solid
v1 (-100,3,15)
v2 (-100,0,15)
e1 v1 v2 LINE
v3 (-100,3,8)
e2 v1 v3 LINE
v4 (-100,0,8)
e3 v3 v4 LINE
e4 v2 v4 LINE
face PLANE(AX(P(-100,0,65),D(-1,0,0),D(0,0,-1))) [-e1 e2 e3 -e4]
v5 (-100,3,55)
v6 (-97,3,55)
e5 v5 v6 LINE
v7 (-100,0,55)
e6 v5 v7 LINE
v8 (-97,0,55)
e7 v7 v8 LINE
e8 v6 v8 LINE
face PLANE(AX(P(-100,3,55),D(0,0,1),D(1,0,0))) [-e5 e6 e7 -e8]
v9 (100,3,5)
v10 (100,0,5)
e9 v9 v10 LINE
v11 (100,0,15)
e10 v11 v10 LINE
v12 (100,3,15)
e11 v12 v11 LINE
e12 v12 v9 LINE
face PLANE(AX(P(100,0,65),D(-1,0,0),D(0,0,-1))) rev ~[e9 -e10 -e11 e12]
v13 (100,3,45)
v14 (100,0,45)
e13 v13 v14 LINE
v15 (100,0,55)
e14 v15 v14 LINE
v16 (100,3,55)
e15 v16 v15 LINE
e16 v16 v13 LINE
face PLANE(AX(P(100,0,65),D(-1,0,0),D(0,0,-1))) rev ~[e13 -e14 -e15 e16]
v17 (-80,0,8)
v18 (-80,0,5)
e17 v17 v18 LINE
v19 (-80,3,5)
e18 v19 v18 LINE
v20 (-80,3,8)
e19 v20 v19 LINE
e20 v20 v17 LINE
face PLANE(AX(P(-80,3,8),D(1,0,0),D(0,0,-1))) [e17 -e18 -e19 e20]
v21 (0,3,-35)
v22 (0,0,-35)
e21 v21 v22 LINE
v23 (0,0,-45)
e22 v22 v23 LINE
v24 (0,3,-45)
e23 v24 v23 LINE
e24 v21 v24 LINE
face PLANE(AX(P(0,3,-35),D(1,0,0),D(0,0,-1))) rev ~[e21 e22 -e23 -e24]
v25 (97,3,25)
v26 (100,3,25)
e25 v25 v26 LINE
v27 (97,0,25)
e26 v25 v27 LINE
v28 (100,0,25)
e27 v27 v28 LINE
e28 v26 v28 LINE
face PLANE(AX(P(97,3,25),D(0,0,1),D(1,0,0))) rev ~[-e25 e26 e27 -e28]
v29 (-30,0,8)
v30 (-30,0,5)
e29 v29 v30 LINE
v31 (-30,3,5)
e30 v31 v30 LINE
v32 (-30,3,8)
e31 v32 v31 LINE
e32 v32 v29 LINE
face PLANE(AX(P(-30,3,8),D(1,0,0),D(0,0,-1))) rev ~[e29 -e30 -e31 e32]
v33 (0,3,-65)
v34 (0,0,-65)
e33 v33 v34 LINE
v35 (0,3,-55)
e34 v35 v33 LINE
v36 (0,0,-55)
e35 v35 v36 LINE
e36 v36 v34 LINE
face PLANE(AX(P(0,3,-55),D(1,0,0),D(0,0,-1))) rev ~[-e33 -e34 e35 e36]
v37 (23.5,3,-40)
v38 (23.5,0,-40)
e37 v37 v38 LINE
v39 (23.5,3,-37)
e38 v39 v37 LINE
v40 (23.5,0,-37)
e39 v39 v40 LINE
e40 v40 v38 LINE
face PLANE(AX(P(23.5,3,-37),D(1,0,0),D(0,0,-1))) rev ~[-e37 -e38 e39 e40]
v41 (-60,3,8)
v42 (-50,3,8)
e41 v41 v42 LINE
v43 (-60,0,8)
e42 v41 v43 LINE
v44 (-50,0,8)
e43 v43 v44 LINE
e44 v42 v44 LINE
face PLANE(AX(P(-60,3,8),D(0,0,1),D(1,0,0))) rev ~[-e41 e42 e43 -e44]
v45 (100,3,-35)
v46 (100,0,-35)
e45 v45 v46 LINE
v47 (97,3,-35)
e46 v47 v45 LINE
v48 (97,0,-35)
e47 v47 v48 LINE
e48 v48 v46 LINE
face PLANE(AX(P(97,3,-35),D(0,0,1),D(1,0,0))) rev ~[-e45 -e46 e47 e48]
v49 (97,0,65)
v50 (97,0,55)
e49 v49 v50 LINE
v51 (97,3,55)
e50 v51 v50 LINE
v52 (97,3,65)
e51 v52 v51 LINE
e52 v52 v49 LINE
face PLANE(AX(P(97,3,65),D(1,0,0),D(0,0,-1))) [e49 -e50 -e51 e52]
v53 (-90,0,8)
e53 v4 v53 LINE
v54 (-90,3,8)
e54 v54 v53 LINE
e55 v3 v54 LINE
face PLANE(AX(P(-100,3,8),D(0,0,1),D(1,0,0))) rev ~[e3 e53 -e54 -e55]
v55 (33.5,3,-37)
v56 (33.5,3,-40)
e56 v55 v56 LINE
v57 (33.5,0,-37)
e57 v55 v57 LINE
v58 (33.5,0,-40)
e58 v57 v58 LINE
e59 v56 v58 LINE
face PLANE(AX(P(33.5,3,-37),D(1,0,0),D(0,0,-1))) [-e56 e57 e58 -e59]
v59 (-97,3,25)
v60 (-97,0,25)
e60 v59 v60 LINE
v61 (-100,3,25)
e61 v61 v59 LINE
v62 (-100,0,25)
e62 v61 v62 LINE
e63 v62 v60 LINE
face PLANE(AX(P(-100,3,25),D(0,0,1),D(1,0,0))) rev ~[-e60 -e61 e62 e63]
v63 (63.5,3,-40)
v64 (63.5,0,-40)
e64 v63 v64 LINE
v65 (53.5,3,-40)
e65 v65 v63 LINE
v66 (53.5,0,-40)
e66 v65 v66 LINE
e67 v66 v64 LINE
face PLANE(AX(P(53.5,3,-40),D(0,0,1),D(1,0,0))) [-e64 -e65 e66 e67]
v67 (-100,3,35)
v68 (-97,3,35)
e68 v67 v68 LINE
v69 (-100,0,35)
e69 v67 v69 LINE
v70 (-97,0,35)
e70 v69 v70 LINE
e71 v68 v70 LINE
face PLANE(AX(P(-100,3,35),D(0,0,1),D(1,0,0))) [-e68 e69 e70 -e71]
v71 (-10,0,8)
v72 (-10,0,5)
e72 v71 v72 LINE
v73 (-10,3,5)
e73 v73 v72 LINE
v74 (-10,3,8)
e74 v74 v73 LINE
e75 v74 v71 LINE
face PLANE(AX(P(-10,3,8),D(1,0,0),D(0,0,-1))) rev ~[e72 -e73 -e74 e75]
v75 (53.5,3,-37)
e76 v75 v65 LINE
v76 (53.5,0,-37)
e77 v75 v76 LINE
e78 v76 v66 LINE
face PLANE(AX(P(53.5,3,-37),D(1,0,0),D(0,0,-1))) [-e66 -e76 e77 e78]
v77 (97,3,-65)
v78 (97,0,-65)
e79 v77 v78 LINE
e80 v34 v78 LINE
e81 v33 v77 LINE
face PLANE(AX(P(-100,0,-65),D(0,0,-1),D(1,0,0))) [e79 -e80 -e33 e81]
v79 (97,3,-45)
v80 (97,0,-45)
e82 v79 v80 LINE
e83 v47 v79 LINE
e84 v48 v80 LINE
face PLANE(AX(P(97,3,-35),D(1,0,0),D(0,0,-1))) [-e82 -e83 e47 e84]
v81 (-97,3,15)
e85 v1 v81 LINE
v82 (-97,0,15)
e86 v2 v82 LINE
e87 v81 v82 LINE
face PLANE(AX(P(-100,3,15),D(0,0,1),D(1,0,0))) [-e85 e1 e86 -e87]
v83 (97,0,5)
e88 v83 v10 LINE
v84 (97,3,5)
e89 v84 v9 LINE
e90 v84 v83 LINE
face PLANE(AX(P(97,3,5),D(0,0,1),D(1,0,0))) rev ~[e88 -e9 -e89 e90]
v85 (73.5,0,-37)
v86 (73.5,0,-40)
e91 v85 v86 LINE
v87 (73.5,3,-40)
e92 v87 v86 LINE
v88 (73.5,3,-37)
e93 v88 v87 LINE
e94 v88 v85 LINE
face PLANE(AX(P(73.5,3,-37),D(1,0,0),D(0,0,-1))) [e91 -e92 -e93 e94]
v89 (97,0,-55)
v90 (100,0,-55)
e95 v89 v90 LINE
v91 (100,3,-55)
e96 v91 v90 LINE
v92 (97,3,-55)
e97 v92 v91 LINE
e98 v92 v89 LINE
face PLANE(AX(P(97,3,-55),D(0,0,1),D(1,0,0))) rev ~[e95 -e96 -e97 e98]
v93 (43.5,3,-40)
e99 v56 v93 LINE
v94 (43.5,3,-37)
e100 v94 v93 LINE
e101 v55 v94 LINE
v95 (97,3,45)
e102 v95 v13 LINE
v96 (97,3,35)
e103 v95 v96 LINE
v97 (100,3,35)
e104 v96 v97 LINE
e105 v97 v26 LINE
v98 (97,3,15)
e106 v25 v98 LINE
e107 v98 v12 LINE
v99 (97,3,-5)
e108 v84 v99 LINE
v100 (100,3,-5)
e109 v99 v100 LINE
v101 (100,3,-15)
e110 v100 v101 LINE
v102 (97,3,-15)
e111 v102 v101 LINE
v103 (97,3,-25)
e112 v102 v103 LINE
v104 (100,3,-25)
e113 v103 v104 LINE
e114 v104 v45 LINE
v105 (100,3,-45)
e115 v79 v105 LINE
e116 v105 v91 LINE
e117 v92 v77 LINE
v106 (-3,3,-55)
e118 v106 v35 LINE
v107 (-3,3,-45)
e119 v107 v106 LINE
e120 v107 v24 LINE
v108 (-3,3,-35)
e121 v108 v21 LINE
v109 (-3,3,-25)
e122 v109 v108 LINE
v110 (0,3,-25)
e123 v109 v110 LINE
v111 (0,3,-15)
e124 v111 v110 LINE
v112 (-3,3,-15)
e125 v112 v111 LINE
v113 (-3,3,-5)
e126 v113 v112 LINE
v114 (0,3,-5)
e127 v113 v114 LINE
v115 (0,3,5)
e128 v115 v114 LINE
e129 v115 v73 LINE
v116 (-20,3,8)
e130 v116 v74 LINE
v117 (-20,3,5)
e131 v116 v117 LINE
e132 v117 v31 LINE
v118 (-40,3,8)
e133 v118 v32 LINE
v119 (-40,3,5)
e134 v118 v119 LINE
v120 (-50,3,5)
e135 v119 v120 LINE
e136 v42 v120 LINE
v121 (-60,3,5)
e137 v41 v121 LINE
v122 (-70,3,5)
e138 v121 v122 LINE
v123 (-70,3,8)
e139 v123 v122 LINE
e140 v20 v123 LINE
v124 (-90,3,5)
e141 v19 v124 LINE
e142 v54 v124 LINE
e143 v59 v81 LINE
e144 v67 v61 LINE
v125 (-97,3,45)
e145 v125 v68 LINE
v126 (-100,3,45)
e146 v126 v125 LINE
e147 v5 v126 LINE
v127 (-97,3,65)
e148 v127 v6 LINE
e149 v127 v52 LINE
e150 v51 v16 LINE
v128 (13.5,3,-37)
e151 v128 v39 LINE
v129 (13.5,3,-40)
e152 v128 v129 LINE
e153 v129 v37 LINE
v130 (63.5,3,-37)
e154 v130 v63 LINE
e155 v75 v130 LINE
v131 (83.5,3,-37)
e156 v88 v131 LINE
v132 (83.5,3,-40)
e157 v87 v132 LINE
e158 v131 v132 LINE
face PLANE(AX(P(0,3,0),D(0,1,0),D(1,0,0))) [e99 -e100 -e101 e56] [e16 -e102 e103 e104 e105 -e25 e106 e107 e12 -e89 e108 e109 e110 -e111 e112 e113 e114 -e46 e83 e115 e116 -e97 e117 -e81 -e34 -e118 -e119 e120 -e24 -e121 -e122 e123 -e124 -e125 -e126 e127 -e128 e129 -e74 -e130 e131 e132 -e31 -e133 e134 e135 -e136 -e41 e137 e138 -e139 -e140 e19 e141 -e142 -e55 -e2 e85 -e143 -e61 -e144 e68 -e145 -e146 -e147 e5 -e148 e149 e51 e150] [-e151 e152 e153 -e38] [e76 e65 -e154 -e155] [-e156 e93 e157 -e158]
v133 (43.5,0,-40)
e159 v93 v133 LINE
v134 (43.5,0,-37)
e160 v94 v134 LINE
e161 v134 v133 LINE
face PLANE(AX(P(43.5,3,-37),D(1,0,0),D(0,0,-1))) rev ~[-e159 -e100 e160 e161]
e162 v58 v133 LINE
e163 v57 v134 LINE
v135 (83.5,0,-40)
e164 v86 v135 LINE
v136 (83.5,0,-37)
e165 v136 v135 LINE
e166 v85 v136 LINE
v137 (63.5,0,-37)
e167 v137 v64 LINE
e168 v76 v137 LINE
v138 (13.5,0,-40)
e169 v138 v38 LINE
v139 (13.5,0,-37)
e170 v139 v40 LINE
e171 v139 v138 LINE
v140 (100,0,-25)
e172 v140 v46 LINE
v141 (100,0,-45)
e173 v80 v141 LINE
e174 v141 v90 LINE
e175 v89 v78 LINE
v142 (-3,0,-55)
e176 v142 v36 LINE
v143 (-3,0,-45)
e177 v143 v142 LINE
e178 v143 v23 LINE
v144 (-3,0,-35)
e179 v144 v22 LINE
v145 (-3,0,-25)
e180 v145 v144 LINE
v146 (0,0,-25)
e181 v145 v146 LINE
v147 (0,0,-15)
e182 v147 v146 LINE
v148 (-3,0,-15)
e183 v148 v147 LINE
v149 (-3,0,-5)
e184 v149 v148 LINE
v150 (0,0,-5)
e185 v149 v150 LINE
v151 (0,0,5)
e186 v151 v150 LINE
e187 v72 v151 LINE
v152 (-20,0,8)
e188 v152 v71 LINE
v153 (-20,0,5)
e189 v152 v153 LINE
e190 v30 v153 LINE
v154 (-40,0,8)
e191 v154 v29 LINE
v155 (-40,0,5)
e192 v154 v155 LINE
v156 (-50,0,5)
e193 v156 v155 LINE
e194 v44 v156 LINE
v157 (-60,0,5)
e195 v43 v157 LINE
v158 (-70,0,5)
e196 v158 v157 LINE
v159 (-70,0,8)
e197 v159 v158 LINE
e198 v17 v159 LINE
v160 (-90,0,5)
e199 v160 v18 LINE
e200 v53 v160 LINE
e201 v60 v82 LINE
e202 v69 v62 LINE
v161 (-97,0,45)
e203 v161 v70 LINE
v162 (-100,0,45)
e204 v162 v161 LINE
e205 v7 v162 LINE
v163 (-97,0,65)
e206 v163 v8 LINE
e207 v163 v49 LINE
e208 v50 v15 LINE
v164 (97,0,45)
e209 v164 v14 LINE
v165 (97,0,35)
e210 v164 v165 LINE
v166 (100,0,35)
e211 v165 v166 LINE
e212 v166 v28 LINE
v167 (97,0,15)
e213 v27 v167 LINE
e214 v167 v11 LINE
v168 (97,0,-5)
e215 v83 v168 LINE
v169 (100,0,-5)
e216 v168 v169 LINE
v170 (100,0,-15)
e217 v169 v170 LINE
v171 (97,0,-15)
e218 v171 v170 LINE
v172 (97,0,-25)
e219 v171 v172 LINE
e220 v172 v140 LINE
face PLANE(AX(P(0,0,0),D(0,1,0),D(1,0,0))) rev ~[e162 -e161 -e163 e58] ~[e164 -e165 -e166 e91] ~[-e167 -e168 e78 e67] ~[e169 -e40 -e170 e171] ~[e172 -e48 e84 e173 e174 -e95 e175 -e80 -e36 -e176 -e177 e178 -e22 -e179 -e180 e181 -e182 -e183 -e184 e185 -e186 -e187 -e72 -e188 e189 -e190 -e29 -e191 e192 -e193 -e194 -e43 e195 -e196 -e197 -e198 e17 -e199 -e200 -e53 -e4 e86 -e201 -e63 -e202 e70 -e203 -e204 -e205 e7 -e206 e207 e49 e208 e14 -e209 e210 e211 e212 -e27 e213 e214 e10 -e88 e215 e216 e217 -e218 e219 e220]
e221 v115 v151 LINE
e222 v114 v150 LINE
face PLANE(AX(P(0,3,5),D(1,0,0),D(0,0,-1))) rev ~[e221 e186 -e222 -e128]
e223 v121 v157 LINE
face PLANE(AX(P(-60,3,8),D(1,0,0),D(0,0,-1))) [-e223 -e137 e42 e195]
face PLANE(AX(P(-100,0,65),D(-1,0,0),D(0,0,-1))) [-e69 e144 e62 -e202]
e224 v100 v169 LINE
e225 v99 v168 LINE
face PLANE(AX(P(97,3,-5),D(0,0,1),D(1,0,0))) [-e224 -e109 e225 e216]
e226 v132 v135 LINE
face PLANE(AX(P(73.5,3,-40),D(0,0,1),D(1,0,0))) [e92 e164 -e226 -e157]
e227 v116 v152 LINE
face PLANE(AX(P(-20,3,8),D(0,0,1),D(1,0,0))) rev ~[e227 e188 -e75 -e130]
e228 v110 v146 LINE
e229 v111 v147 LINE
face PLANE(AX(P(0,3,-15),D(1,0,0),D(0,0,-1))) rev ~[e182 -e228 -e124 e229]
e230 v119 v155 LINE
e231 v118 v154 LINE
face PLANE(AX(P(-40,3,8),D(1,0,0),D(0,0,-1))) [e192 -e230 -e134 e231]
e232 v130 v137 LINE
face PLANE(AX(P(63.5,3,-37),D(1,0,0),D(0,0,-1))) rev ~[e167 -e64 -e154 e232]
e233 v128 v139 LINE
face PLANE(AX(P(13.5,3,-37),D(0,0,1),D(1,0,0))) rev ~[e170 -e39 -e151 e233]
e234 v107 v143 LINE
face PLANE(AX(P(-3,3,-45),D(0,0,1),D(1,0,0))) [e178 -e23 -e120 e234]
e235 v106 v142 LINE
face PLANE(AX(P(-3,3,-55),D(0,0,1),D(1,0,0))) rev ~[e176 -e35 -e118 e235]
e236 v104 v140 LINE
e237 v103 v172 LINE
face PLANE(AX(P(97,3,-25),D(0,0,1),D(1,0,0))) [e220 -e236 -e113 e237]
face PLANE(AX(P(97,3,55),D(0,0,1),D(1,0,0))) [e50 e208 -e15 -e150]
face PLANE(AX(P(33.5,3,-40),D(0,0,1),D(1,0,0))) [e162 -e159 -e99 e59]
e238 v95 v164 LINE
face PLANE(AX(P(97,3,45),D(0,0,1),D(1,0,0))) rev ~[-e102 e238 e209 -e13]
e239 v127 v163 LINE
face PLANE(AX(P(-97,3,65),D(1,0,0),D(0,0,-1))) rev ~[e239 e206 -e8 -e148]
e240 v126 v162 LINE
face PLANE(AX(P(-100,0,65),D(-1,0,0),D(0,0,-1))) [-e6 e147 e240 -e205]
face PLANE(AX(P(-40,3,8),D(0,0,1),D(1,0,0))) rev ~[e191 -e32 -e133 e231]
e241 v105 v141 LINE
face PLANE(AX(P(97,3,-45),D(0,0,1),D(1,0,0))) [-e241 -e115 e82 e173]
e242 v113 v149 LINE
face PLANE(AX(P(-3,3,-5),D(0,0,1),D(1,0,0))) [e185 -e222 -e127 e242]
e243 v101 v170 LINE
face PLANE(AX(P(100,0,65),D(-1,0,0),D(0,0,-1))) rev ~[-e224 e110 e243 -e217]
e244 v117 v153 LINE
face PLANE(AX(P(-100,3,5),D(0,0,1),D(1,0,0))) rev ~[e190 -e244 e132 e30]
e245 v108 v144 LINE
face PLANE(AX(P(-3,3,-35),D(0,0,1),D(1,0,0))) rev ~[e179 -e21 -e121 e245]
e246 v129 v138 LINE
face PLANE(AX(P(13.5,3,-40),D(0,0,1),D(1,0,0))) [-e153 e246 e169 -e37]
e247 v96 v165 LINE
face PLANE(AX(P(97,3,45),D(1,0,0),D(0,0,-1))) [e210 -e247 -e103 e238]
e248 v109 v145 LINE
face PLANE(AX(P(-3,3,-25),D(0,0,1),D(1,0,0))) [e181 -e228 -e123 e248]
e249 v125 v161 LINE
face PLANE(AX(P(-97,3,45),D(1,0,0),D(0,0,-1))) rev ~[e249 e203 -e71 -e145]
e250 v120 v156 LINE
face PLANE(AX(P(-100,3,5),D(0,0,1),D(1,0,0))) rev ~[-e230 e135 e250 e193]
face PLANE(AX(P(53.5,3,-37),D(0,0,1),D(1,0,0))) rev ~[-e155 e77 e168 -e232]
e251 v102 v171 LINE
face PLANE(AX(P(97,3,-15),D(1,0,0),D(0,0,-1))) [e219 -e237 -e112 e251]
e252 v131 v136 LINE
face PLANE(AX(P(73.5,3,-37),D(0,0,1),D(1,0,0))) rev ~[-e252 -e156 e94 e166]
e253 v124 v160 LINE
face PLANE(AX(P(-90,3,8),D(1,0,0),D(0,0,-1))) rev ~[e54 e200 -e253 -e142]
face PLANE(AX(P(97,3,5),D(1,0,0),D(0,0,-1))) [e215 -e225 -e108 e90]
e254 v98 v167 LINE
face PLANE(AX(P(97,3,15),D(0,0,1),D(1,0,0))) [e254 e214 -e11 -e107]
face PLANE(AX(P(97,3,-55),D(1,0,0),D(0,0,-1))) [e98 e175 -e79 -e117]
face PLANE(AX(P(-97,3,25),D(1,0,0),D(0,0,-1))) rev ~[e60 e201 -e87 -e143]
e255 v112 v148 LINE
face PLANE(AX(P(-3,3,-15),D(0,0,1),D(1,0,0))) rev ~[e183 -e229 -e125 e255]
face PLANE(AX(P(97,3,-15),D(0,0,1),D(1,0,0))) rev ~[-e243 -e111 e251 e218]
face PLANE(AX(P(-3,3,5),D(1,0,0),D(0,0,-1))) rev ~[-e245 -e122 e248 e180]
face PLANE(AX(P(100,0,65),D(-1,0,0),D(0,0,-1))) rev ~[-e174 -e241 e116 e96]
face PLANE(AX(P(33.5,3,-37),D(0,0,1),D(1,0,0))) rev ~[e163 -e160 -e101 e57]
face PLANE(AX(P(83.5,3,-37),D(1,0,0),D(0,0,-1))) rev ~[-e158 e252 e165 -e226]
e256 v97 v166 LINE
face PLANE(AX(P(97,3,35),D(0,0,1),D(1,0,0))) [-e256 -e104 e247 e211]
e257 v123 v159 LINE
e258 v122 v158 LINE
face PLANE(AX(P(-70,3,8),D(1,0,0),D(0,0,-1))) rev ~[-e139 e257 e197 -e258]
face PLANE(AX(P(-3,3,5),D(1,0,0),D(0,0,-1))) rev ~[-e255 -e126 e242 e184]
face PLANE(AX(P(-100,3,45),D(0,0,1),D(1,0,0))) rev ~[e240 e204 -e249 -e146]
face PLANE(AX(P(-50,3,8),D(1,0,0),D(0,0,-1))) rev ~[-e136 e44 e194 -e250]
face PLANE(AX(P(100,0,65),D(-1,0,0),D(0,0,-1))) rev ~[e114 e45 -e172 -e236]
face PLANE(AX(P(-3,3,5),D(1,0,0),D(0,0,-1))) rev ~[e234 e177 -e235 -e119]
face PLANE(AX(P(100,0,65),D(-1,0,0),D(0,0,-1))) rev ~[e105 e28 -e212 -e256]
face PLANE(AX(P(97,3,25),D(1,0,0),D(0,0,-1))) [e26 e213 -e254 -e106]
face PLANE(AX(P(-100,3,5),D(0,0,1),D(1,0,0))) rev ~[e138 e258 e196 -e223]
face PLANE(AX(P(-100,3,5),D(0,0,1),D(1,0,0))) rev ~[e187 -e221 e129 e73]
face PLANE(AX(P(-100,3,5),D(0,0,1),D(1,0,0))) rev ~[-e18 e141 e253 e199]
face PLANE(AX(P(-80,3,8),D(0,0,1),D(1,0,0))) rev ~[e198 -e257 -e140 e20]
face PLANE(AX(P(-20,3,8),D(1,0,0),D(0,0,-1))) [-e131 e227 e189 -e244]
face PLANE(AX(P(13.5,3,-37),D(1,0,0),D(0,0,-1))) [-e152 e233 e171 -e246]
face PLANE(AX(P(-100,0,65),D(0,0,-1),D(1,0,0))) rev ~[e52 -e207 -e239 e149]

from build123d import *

# Parameters (mm, degrees)
SKETCH1_W           = 200
SKETCH1_H           = 130
BOSS_EXTRUDE1_DEPTH = 3
SKETCH2_W           = 97
SKETCH2_H           = 70
CUT_EXTRUDE1_DEPTH  = 120.306328416
SKETCH3_W           = 3
SKETCH3_H           = 10
CUT_EXTRUDE2_DEPTH  = 120.306328416
LPATTERN1_COUNT     = 3
LPATTERN1_PITCH     = 20
SKETCH4_W           = 3
SKETCH4_H           = 10
CUT_EXTRUDE3_DEPTH  = 120.306328416
LPATTERN2_COUNT     = 7
LPATTERN2_PITCH     = 20
SKETCH5_W           = 3
SKETCH5_H           = 10
CUT_EXTRUDE4_DEPTH  = 120.306328416
LPATTERN3_COUNT     = 4
LPATTERN3_PITCH     = 20
SKETCH7_W           = 10
SKETCH7_H           = 3
CUT_EXTRUDE7_DEPTH  = 120.306328416
LPATTERN6_COUNT     = 5
LPATTERN6_PITCH     = 20
SKETCH8_W           = 10
SKETCH8_H           = 3
CUT_EXTRUDE8_DEPTH  = 120.306328416
LPATTERN8_COUNT     = 4
LPATTERN8_PITCH     = 20


with BuildPart() as part:
    # Sketch1 → Boss-Extrude1 (new body)
    with BuildSketch(Plane(origin=(0, 0, 0), x_dir=(1, 0, 0), z_dir=(0, 1, 0))):
        Rectangle(SKETCH1_W, SKETCH1_H)
    extrude(amount=BOSS_EXTRUDE1_DEPTH)

    # Sketch2 → Cut-Extrude1 (cut, through all)
    with BuildSketch(Plane(origin=(0, 3, 0), x_dir=(1, 0, 0), z_dir=(0, 1, 0))):
        with Locations((-51.5, 30)):
            Rectangle(SKETCH2_W, SKETCH2_H)
    extrude(amount=-CUT_EXTRUDE1_DEPTH, mode=Mode.SUBTRACT)

    # Sketch3 → Cut-Extrude2 (cut, through all)
    with BuildSketch(Plane(origin=(0, 3, 0), x_dir=(1, 0, 0), z_dir=(0, 1, 0))):
        with Locations((-98.5, -60)):
            Rectangle(SKETCH3_W, SKETCH3_H)
    cut_extrude2 = extrude(amount=-CUT_EXTRUDE2_DEPTH, mode=Mode.SUBTRACT)

    # LPattern1: Cut-Extrude2 ×3
    with Locations(*[(0, 0, -i * LPATTERN1_PITCH) for i in range(1, LPATTERN1_COUNT)]):
        add(cut_extrude2, mode=Mode.SUBTRACT)

    # Sketch4 → Cut-Extrude3 (cut, through all)
    with BuildSketch(Plane(origin=(0, 3, 0), x_dir=(1, 0, 0), z_dir=(0, 1, 0))):
        with Locations((98.5, -60)):
            Rectangle(SKETCH4_W, SKETCH4_H)
    cut_extrude3 = extrude(amount=-CUT_EXTRUDE3_DEPTH, mode=Mode.SUBTRACT)

    # LPattern2: Cut-Extrude3 ×7
    with Locations(*[(0, 0, -i * LPATTERN2_PITCH) for i in range(1, LPATTERN2_COUNT)]):
        add(cut_extrude3, mode=Mode.SUBTRACT)

    # Sketch5 → Cut-Extrude4 (cut, through all)
    with BuildSketch(Plane(origin=(0, 3, 0), x_dir=(1, 0, 0), z_dir=(0, 1, 0))):
        with Locations((-1.5, 60)):
            Rectangle(SKETCH5_W, SKETCH5_H)
    cut_extrude4 = extrude(amount=-CUT_EXTRUDE4_DEPTH, mode=Mode.SUBTRACT)

    # LPattern3: Cut-Extrude4 ×4
    with Locations(*[(0, 0, i * LPATTERN3_PITCH) for i in range(1, LPATTERN3_COUNT)]):
        add(cut_extrude4, mode=Mode.SUBTRACT)

    # Sketch7 → Cut-Extrude7 (cut, through all)
    with BuildSketch(Plane(origin=(0, 3, 0), x_dir=(1, 0, 0), z_dir=(0, 1, 0))):
        with Locations((-15, -6.5)):
            Rectangle(SKETCH7_W, SKETCH7_H)
    cut_extrude7 = extrude(amount=-CUT_EXTRUDE7_DEPTH, mode=Mode.SUBTRACT)

    # LPattern6: Cut-Extrude7 ×5
    with Locations(*[(-i * LPATTERN6_PITCH, 0, 0) for i in range(1, LPATTERN6_COUNT)]):
        add(cut_extrude7, mode=Mode.SUBTRACT)

    # Sketch8 → Cut-Extrude8 (cut, through all)
    with BuildSketch(Plane(origin=(0, 3, 0), x_dir=(1, 0, 0), z_dir=(0, 1, 0))):
        with Locations((78.5, 38.5)):
            Rectangle(SKETCH8_W, SKETCH8_H)
    cut_extrude8 = extrude(amount=-CUT_EXTRUDE8_DEPTH, mode=Mode.SUBTRACT)

    # LPattern8: Cut-Extrude8 ×4
    with Locations(*[(-i * LPATTERN8_PITCH, 0, 0) for i in range(1, LPATTERN8_COUNT)]):
        add(cut_extrude8, mode=Mode.SUBTRACT)


solid = part.part
